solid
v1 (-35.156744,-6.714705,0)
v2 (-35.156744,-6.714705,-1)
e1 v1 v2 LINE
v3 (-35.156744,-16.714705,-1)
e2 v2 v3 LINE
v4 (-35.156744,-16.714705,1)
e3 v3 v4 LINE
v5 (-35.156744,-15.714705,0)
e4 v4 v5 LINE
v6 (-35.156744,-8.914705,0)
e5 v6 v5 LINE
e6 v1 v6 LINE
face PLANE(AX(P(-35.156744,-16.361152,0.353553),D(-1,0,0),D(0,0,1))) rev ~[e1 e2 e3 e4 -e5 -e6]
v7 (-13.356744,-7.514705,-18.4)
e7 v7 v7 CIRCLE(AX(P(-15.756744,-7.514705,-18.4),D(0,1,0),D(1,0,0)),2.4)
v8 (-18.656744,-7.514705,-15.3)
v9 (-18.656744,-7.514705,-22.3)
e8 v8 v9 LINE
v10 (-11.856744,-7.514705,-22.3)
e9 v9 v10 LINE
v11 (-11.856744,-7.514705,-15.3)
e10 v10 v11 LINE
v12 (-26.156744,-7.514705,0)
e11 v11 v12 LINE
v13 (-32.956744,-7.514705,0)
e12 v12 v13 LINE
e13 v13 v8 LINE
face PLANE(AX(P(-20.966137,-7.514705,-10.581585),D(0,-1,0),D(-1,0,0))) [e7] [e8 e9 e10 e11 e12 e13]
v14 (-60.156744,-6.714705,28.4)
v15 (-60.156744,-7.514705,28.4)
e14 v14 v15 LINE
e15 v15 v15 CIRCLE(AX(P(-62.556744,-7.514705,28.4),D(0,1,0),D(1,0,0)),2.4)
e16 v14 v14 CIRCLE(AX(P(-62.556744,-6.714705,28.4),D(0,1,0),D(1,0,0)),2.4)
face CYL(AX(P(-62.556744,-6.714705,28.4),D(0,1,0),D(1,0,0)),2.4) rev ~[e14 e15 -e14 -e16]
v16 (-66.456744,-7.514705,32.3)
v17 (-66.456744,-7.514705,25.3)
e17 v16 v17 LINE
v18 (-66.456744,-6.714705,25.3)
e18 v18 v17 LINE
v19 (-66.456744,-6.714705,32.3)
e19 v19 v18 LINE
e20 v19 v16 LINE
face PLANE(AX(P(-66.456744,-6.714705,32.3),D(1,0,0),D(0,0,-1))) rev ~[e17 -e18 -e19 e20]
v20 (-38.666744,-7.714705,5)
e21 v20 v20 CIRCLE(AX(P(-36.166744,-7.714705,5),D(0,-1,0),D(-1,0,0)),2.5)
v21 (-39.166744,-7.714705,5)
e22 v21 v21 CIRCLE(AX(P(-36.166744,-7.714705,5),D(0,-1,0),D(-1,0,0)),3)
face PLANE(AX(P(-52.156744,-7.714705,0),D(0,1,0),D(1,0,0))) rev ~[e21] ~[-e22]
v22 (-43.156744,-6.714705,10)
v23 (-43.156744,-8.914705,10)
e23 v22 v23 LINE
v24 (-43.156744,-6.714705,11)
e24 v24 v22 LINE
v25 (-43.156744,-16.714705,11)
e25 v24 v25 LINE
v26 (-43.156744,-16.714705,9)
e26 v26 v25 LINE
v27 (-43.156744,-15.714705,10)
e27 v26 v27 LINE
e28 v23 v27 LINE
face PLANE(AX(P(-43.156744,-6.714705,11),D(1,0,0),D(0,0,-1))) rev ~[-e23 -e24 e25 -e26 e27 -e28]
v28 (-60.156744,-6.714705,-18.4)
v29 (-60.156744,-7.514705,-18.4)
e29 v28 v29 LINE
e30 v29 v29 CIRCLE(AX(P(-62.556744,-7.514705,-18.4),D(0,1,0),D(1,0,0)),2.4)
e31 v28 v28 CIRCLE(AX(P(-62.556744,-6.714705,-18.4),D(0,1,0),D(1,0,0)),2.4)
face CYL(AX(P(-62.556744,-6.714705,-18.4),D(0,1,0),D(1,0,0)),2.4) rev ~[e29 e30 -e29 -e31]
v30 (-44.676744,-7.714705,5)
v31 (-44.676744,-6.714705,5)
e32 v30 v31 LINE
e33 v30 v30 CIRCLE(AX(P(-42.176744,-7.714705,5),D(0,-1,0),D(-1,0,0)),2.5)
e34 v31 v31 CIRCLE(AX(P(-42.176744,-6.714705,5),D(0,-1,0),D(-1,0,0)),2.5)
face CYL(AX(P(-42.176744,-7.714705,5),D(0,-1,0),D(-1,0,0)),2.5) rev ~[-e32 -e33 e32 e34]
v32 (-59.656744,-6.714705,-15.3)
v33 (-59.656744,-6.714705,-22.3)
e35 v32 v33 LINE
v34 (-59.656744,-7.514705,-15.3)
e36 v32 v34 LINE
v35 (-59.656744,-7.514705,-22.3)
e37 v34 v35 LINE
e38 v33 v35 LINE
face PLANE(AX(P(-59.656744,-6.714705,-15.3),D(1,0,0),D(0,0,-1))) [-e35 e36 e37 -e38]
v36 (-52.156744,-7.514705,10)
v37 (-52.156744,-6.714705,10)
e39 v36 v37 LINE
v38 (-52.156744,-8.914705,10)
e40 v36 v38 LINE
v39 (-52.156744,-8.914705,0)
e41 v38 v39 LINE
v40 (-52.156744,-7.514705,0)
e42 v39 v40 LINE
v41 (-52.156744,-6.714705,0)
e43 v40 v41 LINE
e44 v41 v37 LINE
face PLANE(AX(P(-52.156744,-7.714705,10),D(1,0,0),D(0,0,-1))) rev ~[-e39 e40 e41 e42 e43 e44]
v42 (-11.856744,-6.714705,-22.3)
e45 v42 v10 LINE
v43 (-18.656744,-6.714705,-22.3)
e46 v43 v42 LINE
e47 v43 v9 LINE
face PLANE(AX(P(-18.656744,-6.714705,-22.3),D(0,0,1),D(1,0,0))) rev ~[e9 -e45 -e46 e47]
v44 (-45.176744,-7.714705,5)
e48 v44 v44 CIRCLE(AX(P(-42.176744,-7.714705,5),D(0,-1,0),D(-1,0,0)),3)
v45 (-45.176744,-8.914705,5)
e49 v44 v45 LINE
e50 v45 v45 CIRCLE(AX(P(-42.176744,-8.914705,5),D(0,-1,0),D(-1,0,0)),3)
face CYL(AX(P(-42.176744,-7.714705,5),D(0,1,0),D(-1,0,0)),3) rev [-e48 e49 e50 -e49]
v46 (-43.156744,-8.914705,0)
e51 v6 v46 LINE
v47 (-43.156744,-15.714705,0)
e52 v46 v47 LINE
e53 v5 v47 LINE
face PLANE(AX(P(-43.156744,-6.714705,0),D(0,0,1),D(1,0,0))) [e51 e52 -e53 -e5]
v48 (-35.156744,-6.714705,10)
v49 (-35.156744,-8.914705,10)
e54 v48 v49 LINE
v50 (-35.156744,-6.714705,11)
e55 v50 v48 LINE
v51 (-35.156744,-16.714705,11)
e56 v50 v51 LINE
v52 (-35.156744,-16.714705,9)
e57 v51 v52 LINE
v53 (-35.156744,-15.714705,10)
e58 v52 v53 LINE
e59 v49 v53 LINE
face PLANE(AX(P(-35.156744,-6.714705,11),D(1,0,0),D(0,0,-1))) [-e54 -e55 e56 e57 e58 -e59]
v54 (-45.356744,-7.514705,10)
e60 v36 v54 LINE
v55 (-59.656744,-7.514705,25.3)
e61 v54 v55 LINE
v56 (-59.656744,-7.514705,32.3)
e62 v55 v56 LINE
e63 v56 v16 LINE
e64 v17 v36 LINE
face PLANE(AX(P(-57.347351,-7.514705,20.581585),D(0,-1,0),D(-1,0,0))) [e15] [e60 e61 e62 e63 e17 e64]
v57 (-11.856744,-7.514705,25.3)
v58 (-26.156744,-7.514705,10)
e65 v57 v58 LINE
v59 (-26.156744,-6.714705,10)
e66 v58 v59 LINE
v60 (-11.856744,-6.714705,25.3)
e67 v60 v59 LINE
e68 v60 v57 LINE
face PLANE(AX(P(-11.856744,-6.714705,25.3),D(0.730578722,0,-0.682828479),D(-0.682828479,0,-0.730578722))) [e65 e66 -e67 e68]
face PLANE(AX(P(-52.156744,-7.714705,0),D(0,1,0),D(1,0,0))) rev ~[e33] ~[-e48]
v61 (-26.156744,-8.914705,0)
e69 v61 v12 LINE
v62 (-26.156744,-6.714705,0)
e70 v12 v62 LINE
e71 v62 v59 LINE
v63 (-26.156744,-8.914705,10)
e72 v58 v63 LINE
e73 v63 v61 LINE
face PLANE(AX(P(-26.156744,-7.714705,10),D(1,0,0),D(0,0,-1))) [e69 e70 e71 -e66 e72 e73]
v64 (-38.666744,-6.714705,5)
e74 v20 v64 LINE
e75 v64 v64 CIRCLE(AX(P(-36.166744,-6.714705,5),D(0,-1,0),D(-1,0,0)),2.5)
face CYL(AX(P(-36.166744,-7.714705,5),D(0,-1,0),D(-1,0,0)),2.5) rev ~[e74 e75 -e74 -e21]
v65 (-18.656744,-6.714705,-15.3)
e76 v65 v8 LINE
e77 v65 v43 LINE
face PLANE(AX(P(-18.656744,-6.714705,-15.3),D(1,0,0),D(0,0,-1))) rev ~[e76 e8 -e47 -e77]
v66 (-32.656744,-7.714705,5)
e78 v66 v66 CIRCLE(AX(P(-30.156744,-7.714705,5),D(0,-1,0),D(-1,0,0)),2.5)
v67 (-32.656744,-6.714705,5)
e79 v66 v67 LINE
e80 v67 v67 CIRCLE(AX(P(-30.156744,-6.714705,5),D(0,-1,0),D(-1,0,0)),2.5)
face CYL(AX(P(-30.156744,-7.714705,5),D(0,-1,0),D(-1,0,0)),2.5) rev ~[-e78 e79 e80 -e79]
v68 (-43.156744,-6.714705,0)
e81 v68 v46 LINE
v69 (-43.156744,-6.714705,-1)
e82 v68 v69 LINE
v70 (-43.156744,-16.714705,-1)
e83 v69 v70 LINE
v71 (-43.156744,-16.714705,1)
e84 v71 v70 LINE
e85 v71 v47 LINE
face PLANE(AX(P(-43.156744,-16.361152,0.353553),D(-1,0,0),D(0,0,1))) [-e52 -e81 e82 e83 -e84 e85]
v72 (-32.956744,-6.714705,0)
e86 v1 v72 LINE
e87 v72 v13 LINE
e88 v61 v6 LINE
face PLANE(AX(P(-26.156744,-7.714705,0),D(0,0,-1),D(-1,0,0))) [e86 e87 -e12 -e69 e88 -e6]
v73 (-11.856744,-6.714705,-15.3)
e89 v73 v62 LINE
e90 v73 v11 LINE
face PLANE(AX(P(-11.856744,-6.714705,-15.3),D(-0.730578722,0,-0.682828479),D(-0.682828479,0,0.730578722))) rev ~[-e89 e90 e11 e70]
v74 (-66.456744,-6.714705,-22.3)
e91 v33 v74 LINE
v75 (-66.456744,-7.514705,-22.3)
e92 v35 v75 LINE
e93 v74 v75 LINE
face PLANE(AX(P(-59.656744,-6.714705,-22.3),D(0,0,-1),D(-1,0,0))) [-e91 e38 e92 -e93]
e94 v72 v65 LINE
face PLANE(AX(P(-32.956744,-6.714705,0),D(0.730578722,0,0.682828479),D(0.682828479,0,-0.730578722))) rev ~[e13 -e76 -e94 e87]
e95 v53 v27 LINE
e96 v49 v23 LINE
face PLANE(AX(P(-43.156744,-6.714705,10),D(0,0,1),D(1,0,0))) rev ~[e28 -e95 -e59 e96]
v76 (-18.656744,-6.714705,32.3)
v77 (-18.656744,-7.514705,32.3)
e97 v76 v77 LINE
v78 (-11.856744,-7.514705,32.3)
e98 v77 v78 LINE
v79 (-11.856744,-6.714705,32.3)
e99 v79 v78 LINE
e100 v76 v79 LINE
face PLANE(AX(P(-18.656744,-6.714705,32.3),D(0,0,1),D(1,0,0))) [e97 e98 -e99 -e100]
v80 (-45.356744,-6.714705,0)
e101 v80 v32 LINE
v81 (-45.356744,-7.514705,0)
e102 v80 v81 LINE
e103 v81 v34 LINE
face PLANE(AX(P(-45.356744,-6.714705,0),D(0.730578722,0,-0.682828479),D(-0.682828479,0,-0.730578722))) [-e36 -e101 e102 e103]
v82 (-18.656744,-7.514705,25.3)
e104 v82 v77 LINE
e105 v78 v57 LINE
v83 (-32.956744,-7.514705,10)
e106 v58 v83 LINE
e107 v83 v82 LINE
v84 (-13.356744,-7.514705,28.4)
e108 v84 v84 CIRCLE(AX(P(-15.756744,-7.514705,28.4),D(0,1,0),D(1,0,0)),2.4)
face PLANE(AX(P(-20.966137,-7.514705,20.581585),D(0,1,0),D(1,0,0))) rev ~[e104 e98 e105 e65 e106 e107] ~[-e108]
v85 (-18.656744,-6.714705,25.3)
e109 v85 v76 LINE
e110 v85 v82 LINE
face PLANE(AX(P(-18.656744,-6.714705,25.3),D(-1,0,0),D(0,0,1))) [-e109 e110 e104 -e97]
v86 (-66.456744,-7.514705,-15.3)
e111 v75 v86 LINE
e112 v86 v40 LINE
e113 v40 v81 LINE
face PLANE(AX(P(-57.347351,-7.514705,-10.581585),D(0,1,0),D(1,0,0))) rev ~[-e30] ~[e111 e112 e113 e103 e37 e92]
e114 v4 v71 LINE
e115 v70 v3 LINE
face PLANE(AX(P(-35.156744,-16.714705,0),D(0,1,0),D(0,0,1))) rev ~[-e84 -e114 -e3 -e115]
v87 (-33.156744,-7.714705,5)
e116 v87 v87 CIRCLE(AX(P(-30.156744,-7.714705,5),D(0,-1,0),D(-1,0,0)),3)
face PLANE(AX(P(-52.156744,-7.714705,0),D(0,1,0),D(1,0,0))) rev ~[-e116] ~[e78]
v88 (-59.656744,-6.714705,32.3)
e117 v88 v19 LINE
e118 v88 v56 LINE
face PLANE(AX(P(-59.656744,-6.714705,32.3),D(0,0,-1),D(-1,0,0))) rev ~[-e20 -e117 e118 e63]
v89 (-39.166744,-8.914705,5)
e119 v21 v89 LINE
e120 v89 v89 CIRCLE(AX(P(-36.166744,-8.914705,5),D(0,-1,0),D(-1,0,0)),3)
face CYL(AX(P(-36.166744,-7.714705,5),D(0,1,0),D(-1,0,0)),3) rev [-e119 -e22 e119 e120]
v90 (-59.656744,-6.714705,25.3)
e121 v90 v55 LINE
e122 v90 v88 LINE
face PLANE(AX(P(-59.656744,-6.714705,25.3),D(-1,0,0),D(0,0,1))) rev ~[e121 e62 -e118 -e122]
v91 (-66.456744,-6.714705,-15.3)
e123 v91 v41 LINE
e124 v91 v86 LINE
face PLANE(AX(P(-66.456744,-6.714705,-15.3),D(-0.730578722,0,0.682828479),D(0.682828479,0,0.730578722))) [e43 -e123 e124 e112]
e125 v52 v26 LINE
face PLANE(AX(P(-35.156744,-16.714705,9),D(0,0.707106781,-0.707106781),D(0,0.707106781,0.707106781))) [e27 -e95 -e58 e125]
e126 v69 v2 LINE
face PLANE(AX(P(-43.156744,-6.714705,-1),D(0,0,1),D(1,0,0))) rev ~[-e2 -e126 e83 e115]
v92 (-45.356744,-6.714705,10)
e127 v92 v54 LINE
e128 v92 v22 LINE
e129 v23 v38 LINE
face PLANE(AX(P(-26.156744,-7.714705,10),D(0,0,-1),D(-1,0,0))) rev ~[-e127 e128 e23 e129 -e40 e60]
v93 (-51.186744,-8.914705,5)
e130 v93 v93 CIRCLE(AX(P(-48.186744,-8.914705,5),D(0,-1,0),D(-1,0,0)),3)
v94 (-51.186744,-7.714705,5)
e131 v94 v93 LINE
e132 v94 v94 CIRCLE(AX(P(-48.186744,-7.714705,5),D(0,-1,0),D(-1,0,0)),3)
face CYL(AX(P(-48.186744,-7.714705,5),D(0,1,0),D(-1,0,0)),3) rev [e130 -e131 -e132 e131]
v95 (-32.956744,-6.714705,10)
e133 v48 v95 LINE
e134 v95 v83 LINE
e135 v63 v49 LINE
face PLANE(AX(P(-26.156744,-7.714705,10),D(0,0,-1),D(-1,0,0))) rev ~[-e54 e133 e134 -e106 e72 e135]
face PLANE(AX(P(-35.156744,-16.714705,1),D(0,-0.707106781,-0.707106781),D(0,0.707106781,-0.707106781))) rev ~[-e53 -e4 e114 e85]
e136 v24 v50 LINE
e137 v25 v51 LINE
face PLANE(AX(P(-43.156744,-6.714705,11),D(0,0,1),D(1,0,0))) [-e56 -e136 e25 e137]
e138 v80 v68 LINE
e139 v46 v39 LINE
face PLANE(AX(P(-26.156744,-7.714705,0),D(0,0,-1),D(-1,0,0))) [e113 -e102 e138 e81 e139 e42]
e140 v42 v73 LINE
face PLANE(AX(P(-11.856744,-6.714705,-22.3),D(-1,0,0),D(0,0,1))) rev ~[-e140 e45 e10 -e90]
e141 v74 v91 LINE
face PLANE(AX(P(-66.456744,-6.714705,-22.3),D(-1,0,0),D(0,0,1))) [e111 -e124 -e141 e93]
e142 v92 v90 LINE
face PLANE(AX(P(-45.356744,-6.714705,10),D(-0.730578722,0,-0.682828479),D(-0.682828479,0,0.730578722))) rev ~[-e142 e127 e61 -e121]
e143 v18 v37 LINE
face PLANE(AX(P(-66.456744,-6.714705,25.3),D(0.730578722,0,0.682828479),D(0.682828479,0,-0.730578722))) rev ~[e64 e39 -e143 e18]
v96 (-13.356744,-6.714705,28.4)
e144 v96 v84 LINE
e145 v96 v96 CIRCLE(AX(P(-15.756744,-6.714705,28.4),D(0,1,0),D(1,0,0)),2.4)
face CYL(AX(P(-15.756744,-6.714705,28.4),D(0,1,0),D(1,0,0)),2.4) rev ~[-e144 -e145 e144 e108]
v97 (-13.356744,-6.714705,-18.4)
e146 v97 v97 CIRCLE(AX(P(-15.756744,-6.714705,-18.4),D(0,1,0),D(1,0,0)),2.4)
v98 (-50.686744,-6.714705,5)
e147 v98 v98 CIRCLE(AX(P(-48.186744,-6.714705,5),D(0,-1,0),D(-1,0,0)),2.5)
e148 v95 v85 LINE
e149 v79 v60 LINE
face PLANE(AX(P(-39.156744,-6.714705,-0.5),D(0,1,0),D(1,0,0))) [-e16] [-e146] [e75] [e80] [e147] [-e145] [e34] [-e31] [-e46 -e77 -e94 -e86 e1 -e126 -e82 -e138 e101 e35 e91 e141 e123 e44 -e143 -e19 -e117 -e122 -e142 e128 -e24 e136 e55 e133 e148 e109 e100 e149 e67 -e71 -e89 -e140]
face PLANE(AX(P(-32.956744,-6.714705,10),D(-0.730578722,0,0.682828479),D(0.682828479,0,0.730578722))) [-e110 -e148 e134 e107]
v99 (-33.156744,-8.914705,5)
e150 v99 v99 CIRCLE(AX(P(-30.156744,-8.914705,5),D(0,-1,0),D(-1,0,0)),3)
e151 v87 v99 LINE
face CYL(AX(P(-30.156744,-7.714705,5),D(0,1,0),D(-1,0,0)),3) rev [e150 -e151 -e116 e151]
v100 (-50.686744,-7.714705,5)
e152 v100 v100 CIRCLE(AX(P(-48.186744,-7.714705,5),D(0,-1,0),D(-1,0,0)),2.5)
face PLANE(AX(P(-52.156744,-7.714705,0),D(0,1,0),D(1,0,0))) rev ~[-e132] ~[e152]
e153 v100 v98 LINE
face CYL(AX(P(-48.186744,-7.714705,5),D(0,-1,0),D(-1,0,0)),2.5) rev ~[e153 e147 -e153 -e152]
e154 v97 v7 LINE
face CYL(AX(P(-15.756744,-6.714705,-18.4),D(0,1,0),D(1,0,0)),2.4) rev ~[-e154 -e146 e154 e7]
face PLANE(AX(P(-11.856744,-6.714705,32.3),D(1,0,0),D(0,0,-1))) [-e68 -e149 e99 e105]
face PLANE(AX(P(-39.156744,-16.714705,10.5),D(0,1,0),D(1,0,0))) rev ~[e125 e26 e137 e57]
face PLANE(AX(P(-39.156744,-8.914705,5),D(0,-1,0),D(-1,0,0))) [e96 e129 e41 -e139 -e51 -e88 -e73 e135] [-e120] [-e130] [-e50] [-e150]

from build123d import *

# Parameters (mm, degrees)
SKICA1_W                 = 26
SKICA1_H                 = 1
P_IDAT_VYSUNUT_M1_DEPTH  = 10
SKICA2_R                 = 2.5
ODEBRAT_VYSUNUT_M1_DEPTH = 1
SKICA3_R                 = 2.4
P_IDAT_VYSUNUT_M2_DEPTH  = 0.8
SKICA4_W                 = 26
SKICA4_H                 = 10
SKICA4_R                 = 3
P_IDAT_VYSUNUT_M3_DEPTH  = 1.2
SKICA6_W                 = 8
SKICA6_H                 = 1
P_IDAT_VYSUNUT_M5_DEPTH  = 10
P_IDAT_VYSUNUT_M6_DEPTH  = 8


with BuildPart() as part:
    # Skica1 → Přidat vysunutím1 (new body)
    with BuildSketch(Plane.XY):
        with Locations((-39.156744291, -7.214704976)):
            Rectangle(SKICA1_W, SKICA1_H)
    extrude(amount=P_IDAT_VYSUNUT_M1_DEPTH)

    # Skica2 → Odebrat vysunutím1 (cut)
    with BuildSketch(Plane(origin=(0, -7.714704976, 0), x_dir=(-1, 0, 0), z_dir=(0, -1, 0))):
        with Locations((48.186744291, -5)):
            Circle(SKICA2_R)
        with Locations((42.176744291, -5)):
            Circle(SKICA2_R)
        with Locations((36.166744291, -5)):
            Circle(SKICA2_R)
        with Locations((30.156744291, -5)):
            Circle(SKICA2_R)
    extrude(amount=-ODEBRAT_VYSUNUT_M1_DEPTH, mode=Mode.SUBTRACT)

    # Skica3 → Přidat vysunutím2 (add)
    with BuildSketch(Plane(origin=(0, -6.714704976, 0), x_dir=(1, 0, 0), z_dir=(0, 1, 0))):
        Polygon((-32.956744291, 0), (-18.656744291, 15.3), (-18.656744291, 22.3), (-11.856744291, 22.3), (-11.856744291, 15.3), (-26.156744291, 0), align=None)
        with Locations((-15.756744291, 18.4)):
            Circle(SKICA3_R, mode=Mode.SUBTRACT)
        Polygon((-52.156744291, 0), (-45.356744291, 0), (-59.656744291, 15.3), (-59.656744291, 22.3), (-66.456744291, 22.3), (-66.456744291, 15.3), align=None)
        with Locations((-62.556744291, 18.4)):
            Circle(SKICA3_R, mode=Mode.SUBTRACT)
        Polygon((-45.356744291, -10), (-59.656744291, -25.3), (-59.656744291, -32.3), (-66.456744291, -32.3), (-66.456744291, -25.3), (-52.156744291, -10), align=None)
        with Locations((-62.556744291, -28.4)):
            Circle(SKICA3_R, mode=Mode.SUBTRACT)
        Polygon((-26.156744291, -10), (-32.956744291, -10), (-18.656744291, -25.3), (-18.656744291, -32.3), (-11.856744291, -32.3), (-11.856744291, -25.3), align=None)
        with Locations((-15.756744291, -28.4)):
            Circle(SKICA3_R, mode=Mode.SUBTRACT)
    extrude(amount=-P_IDAT_VYSUNUT_M2_DEPTH)

    # Skica4 → Přidat vysunutím3 (add)
    with BuildSketch(Plane(origin=(0, -7.714704976, 0), x_dir=(-1, 0, 0), z_dir=(0, -1, 0))):
        with Locations((39.156744291, -5)):
            Rectangle(SKICA4_W, SKICA4_H)
        with Locations((48.186744291, -5)):
            Circle(SKICA4_R, mode=Mode.SUBTRACT)
        with Locations((42.176744291, -5)):
            Circle(SKICA4_R, mode=Mode.SUBTRACT)
        with Locations((36.166744291, -5)):
            Circle(SKICA4_R, mode=Mode.SUBTRACT)
        with Locations((30.156744291, -5)):
            Circle(SKICA4_R, mode=Mode.SUBTRACT)
    extrude(amount=P_IDAT_VYSUNUT_M3_DEPTH)

    # Skica6 → Přidat vysunutím5 (add)
    with BuildSketch(Plane(origin=(0, -6.714704976, 0), x_dir=(1, 0, 0), z_dir=(0, 1, 0))):
        with Locations((-39.156744291, 0.5)):
            Rectangle(SKICA6_W, SKICA6_H)
        with Locations((-39.156744291, -10.5)):
            Rectangle(SKICA6_W, SKICA6_H)
    extrude(amount=-P_IDAT_VYSUNUT_M5_DEPTH)

    # Skica7 → Přidat vysunutím6 (add)
    with BuildSketch(Plane(origin=(-35.156744291, 0, 0), x_dir=(0, 0, -1), z_dir=(1, 0, 0))):
        Polygon((0, -16.714704976), (-1, -16.714704976), (0, -15.714704976), align=None)
        Polygon((-10, -16.714704976), (-9, -16.714704976), (-10, -15.714704976), align=None)
    extrude(amount=-P_IDAT_VYSUNUT_M6_DEPTH)


solid = part.part
